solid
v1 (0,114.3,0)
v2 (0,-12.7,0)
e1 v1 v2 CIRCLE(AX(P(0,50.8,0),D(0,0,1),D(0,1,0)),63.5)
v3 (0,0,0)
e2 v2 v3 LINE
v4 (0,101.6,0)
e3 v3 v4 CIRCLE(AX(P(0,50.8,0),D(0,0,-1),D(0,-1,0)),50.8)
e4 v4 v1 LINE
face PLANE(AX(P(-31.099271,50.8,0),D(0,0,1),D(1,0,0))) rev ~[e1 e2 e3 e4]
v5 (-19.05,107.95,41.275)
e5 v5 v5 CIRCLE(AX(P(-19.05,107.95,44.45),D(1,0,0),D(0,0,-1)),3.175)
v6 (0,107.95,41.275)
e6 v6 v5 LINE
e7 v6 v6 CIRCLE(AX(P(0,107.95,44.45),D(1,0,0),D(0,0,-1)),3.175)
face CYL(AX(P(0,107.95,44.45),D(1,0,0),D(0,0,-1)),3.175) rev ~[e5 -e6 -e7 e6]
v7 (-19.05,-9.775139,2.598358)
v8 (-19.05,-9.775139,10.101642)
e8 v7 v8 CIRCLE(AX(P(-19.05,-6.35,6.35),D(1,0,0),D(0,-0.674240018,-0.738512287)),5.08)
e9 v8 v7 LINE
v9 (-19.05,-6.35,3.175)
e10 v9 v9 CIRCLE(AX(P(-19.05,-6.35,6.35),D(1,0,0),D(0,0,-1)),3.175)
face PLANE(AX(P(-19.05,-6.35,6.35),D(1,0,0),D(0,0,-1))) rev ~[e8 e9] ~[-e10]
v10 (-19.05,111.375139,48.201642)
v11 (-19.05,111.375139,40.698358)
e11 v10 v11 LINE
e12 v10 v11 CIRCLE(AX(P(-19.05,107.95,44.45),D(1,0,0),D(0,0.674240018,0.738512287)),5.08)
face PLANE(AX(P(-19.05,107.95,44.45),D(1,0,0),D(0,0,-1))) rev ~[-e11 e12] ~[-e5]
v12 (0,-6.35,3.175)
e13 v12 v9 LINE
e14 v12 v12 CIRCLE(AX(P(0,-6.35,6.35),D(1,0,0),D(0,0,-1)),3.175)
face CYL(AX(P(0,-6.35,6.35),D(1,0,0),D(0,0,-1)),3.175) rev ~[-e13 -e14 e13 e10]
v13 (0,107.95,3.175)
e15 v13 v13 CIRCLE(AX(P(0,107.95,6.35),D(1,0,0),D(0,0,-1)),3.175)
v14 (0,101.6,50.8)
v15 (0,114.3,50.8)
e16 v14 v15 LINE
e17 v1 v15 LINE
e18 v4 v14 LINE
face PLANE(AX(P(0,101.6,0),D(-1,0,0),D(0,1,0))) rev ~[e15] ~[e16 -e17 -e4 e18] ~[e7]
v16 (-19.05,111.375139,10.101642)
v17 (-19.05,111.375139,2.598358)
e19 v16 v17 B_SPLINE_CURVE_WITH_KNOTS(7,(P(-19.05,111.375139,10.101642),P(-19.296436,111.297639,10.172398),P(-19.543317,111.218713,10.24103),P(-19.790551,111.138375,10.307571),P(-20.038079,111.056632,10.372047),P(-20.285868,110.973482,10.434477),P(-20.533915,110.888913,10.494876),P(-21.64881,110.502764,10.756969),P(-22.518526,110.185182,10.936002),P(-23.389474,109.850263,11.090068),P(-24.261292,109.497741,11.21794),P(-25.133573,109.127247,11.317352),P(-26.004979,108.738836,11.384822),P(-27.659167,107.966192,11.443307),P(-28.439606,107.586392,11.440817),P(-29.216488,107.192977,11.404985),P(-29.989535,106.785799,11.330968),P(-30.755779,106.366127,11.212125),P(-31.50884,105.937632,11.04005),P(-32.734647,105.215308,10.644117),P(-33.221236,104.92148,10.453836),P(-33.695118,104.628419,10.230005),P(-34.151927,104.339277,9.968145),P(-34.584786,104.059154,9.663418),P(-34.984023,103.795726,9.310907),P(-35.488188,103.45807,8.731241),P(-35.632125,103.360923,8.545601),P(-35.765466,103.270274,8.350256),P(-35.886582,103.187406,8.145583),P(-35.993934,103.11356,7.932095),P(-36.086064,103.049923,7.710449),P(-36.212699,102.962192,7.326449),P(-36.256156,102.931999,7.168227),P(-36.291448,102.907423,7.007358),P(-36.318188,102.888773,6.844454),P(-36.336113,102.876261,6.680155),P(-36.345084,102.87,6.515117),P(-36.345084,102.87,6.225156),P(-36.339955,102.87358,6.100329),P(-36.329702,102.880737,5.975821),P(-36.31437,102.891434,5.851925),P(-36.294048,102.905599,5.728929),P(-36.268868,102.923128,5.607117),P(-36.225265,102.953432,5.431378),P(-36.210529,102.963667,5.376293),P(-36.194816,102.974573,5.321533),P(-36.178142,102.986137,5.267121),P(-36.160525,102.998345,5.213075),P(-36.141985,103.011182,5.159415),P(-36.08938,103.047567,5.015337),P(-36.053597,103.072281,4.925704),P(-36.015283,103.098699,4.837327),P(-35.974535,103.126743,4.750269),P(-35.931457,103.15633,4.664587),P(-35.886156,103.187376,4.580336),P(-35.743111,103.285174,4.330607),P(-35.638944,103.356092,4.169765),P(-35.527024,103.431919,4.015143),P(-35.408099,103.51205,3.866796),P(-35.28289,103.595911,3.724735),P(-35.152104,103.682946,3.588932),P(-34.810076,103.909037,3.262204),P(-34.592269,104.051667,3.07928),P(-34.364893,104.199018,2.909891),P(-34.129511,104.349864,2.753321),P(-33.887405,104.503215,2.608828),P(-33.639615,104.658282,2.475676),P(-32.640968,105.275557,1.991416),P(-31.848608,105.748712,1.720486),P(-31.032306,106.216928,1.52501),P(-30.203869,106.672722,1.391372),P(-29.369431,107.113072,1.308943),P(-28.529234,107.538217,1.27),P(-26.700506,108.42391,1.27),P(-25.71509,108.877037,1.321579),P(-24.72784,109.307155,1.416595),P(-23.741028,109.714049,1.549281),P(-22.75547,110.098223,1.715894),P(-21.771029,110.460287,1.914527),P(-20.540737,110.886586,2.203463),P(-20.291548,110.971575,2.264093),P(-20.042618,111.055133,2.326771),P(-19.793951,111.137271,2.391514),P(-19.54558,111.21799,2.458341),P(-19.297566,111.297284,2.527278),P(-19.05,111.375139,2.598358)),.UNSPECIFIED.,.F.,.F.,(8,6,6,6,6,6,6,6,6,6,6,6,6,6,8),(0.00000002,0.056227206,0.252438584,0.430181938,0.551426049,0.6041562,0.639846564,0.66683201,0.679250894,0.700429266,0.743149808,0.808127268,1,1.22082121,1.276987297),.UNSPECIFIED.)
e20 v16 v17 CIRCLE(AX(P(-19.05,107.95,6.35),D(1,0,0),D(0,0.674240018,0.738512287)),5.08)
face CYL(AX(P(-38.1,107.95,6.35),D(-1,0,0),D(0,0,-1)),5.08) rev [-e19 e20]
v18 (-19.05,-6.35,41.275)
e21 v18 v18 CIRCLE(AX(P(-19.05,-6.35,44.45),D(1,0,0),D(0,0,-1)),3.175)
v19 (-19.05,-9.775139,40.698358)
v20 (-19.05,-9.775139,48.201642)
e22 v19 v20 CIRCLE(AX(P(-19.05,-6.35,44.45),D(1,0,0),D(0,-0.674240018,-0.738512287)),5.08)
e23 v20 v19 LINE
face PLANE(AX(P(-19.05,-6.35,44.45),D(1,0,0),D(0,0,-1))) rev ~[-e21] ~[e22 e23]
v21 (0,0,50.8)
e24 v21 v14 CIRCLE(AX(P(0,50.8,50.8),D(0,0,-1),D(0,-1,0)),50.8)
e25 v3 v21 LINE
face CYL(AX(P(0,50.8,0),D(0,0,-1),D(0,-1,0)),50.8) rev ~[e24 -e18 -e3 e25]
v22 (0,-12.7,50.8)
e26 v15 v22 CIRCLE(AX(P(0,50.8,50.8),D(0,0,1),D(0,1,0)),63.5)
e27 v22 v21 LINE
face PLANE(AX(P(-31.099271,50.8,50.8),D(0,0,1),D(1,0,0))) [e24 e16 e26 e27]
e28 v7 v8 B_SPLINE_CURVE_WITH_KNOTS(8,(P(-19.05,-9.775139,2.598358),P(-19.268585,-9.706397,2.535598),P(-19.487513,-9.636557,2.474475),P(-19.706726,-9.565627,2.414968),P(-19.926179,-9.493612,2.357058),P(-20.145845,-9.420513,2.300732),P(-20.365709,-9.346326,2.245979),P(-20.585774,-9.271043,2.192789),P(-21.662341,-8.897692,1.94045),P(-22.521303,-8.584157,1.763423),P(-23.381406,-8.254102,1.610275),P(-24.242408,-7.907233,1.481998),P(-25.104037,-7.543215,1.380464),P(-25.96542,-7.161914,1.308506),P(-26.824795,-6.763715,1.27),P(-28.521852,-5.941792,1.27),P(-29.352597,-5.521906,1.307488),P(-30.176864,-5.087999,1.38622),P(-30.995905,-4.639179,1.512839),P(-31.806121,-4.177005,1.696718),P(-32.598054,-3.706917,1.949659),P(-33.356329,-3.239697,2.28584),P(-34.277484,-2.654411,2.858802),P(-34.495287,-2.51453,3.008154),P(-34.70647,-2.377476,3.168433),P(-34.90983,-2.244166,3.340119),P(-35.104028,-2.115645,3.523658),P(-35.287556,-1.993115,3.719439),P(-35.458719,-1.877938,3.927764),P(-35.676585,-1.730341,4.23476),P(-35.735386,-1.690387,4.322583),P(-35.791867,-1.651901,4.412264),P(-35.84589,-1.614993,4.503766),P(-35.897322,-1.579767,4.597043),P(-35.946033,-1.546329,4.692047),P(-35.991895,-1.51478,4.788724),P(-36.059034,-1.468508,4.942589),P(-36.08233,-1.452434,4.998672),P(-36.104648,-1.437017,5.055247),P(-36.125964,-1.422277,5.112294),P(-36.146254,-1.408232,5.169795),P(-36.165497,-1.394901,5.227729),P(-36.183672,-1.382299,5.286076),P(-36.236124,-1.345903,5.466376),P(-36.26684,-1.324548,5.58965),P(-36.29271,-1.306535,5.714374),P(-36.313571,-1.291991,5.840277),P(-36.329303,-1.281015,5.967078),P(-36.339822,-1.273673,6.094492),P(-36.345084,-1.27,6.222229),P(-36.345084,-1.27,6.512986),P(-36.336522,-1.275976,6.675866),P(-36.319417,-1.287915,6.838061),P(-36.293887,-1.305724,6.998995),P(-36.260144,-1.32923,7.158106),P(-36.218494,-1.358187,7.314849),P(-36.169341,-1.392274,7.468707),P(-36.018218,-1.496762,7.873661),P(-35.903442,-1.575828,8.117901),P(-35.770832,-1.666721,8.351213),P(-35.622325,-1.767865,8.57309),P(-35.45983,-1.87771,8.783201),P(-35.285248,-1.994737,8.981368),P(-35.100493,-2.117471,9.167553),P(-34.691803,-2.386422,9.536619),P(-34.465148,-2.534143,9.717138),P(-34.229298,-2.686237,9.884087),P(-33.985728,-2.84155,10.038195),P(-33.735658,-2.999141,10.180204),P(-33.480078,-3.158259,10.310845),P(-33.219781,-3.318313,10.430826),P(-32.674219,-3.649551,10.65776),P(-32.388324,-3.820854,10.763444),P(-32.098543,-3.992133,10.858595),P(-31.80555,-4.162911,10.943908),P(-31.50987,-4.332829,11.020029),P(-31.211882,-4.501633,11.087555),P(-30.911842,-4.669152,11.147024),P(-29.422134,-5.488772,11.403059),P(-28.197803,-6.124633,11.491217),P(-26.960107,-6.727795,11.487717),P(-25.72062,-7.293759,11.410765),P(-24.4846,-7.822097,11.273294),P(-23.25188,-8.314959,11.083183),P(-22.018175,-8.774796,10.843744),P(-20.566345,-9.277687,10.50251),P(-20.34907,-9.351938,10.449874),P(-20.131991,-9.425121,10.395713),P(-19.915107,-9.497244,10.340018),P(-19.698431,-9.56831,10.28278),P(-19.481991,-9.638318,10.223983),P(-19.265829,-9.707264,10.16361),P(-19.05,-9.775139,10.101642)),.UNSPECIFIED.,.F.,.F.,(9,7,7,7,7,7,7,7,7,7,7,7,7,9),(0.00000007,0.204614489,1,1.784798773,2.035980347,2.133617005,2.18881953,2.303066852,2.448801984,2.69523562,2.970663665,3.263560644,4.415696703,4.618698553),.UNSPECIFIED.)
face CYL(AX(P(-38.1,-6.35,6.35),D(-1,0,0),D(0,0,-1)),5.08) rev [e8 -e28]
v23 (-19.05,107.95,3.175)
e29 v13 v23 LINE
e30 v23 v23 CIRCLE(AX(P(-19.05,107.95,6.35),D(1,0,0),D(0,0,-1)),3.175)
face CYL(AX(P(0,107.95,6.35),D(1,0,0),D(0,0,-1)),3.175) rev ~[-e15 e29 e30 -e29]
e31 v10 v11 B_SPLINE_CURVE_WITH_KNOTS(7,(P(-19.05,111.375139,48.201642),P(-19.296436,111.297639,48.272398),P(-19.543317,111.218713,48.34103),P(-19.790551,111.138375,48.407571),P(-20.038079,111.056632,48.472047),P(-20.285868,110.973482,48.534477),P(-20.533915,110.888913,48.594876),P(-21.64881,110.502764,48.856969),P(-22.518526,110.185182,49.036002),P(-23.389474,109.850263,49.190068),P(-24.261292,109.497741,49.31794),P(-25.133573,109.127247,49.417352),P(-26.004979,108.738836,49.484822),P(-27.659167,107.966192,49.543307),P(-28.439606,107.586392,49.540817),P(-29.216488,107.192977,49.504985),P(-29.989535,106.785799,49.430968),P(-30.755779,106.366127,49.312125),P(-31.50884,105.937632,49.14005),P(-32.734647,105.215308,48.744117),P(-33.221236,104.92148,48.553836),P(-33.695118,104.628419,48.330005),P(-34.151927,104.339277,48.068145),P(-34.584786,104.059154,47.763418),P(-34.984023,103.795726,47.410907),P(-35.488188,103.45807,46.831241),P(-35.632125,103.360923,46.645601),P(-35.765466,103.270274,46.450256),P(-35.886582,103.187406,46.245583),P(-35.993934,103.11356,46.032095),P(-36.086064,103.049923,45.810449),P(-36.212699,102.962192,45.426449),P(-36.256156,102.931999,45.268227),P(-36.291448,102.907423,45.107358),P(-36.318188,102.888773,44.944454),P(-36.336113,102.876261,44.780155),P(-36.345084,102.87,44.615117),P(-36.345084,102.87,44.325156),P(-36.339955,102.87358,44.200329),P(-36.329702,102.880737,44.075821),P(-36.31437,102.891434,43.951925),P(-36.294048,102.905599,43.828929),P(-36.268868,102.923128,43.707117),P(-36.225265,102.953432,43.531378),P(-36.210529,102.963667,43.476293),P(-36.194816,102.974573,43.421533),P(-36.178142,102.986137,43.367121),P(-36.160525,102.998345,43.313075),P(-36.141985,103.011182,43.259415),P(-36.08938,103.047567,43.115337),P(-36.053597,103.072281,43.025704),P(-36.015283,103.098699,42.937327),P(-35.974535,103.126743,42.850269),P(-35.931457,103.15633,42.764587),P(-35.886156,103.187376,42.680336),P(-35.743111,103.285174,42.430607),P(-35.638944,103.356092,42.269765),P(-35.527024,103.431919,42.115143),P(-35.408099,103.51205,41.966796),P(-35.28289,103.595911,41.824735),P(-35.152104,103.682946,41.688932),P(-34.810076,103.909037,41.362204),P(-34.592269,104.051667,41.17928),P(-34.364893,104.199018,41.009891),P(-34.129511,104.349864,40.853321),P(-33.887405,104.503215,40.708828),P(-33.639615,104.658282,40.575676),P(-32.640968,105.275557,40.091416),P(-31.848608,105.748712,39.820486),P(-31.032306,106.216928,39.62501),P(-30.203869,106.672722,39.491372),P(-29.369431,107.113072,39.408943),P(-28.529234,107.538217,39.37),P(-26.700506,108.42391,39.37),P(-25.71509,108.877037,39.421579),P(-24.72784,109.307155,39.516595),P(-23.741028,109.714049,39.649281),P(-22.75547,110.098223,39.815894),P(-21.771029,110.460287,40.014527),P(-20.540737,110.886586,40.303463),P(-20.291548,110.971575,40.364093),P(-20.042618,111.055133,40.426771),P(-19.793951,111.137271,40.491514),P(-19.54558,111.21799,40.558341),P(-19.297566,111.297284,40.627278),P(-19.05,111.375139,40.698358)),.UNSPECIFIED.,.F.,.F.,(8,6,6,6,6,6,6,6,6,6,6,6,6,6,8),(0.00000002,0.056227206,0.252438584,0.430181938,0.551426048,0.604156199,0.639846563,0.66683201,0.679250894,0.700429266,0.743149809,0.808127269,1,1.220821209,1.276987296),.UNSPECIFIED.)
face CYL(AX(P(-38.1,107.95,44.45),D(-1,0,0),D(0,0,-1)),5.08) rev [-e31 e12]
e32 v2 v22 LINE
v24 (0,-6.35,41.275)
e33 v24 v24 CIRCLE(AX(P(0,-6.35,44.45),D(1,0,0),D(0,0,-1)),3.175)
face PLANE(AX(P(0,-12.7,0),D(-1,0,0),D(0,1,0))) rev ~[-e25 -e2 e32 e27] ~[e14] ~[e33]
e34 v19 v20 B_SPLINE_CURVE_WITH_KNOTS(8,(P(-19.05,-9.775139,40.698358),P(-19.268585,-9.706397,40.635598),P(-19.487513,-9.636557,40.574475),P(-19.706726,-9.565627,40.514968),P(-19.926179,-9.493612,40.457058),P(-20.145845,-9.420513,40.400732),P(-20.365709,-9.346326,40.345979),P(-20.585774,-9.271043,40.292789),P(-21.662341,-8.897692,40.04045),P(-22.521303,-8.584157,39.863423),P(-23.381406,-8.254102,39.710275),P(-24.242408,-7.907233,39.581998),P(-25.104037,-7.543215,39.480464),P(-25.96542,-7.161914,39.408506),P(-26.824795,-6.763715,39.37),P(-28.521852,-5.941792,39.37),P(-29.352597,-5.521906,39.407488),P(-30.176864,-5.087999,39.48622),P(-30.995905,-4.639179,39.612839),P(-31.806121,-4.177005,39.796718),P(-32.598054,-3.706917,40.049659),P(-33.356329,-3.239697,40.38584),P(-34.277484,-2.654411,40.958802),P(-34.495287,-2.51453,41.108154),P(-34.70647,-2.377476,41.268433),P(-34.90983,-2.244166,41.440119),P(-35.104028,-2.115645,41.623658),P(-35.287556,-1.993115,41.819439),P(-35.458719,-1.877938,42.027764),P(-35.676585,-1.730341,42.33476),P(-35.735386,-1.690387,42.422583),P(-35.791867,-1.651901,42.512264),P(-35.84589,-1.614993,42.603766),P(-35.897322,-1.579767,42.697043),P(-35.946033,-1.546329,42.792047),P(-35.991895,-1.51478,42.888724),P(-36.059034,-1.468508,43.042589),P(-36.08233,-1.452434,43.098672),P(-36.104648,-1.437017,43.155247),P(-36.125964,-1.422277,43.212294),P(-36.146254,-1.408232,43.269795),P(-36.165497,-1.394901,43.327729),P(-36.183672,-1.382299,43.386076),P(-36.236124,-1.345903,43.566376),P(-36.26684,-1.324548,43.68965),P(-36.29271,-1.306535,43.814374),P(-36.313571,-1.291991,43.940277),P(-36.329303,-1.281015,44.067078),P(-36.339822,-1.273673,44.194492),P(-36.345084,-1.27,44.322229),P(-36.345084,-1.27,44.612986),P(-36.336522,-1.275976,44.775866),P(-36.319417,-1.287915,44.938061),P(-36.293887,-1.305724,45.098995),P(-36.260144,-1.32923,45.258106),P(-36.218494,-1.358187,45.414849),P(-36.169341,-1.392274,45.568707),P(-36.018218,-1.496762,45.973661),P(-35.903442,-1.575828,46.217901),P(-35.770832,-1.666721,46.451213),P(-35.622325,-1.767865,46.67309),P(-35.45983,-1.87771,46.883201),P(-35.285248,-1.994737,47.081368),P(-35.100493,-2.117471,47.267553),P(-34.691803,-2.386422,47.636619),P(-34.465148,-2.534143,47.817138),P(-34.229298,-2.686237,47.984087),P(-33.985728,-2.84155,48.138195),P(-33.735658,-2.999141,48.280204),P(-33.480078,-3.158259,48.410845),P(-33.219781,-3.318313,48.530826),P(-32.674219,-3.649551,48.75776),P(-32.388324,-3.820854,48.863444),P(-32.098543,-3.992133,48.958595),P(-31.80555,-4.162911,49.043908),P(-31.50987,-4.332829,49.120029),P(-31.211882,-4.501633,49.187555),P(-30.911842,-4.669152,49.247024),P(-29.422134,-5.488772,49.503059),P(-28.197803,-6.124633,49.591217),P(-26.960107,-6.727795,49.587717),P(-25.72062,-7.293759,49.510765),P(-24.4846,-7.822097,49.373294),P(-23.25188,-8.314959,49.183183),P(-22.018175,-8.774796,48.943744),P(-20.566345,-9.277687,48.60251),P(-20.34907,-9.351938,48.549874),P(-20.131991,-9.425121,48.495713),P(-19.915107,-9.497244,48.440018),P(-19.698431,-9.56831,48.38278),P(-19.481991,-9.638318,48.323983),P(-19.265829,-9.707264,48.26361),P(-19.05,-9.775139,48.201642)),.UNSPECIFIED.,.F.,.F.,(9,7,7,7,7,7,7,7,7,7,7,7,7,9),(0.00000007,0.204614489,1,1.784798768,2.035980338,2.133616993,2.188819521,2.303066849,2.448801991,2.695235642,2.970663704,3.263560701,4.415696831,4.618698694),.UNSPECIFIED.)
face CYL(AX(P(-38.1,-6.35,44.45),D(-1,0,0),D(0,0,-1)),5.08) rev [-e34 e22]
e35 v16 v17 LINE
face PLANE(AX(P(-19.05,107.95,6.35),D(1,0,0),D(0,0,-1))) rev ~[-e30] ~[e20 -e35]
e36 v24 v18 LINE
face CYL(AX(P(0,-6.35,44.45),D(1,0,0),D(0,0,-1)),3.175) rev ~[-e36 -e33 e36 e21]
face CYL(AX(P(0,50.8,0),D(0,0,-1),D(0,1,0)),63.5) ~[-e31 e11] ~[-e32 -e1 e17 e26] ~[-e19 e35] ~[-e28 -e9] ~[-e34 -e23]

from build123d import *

# Parameters (mm, degrees)
BOSS_EXTRUDE1_DEPTH = 50.8
SKETCH2_R           = 3.175
CUT_EXTRUDE1_DEPTH  = 64.5
SKETCH3_R           = 5.08
CUT_EXTRUDE2_DEPTH  = 19.05


with BuildPart() as part:
    # Sketch1 → Boss-Extrude1 (new body)
    with BuildSketch(Plane.XY):
        with BuildLine():
            Line((0, 101.6), (0, 114.3))
            ThreePointArc((0, 114.3), (-63.5, 50.8), (0, -12.7))
            Line((0, -12.7), (0, 0))
            ThreePointArc((0, 0), (-50.8, 50.8), (0, 101.6))
        make_face()
    extrude(amount=BOSS_EXTRUDE1_DEPTH)

    # Sketch2 → Cut-Extrude1 (cut, through all)
    with BuildSketch(Plane(origin=(0, 0, 0), x_dir=(0, 0, -1), z_dir=(1, 0, 0))):
        with Locations((-44.45, 107.95)):
            Circle(SKETCH2_R)
        with Locations((-6.35, 107.95)):
            Circle(SKETCH2_R)
        with Locations((-6.35, -6.35)):
            Circle(SKETCH2_R)
        with Locations((-44.45, -6.35)):
            Circle(SKETCH2_R)
    extrude(amount=-CUT_EXTRUDE1_DEPTH, mode=Mode.SUBTRACT)

    # Sketch3 → Cut-Extrude2 (cut)
    with BuildSketch(Plane(origin=(-38.1, 0, 0), x_dir=(0, 0, -1), z_dir=(1, 0, 0))):
        with Locations((-44.45, 107.95)):
            Circle(SKETCH3_R)
        with Locations((-6.35, 107.95)):
            Circle(SKETCH3_R)
        with Locations((-6.35, -6.35)):
            Circle(SKETCH3_R)
        with Locations((-44.45, -6.35)):
            Circle(SKETCH3_R)
    extrude(amount=CUT_EXTRUDE2_DEPTH, mode=Mode.SUBTRACT)


solid = part.part
